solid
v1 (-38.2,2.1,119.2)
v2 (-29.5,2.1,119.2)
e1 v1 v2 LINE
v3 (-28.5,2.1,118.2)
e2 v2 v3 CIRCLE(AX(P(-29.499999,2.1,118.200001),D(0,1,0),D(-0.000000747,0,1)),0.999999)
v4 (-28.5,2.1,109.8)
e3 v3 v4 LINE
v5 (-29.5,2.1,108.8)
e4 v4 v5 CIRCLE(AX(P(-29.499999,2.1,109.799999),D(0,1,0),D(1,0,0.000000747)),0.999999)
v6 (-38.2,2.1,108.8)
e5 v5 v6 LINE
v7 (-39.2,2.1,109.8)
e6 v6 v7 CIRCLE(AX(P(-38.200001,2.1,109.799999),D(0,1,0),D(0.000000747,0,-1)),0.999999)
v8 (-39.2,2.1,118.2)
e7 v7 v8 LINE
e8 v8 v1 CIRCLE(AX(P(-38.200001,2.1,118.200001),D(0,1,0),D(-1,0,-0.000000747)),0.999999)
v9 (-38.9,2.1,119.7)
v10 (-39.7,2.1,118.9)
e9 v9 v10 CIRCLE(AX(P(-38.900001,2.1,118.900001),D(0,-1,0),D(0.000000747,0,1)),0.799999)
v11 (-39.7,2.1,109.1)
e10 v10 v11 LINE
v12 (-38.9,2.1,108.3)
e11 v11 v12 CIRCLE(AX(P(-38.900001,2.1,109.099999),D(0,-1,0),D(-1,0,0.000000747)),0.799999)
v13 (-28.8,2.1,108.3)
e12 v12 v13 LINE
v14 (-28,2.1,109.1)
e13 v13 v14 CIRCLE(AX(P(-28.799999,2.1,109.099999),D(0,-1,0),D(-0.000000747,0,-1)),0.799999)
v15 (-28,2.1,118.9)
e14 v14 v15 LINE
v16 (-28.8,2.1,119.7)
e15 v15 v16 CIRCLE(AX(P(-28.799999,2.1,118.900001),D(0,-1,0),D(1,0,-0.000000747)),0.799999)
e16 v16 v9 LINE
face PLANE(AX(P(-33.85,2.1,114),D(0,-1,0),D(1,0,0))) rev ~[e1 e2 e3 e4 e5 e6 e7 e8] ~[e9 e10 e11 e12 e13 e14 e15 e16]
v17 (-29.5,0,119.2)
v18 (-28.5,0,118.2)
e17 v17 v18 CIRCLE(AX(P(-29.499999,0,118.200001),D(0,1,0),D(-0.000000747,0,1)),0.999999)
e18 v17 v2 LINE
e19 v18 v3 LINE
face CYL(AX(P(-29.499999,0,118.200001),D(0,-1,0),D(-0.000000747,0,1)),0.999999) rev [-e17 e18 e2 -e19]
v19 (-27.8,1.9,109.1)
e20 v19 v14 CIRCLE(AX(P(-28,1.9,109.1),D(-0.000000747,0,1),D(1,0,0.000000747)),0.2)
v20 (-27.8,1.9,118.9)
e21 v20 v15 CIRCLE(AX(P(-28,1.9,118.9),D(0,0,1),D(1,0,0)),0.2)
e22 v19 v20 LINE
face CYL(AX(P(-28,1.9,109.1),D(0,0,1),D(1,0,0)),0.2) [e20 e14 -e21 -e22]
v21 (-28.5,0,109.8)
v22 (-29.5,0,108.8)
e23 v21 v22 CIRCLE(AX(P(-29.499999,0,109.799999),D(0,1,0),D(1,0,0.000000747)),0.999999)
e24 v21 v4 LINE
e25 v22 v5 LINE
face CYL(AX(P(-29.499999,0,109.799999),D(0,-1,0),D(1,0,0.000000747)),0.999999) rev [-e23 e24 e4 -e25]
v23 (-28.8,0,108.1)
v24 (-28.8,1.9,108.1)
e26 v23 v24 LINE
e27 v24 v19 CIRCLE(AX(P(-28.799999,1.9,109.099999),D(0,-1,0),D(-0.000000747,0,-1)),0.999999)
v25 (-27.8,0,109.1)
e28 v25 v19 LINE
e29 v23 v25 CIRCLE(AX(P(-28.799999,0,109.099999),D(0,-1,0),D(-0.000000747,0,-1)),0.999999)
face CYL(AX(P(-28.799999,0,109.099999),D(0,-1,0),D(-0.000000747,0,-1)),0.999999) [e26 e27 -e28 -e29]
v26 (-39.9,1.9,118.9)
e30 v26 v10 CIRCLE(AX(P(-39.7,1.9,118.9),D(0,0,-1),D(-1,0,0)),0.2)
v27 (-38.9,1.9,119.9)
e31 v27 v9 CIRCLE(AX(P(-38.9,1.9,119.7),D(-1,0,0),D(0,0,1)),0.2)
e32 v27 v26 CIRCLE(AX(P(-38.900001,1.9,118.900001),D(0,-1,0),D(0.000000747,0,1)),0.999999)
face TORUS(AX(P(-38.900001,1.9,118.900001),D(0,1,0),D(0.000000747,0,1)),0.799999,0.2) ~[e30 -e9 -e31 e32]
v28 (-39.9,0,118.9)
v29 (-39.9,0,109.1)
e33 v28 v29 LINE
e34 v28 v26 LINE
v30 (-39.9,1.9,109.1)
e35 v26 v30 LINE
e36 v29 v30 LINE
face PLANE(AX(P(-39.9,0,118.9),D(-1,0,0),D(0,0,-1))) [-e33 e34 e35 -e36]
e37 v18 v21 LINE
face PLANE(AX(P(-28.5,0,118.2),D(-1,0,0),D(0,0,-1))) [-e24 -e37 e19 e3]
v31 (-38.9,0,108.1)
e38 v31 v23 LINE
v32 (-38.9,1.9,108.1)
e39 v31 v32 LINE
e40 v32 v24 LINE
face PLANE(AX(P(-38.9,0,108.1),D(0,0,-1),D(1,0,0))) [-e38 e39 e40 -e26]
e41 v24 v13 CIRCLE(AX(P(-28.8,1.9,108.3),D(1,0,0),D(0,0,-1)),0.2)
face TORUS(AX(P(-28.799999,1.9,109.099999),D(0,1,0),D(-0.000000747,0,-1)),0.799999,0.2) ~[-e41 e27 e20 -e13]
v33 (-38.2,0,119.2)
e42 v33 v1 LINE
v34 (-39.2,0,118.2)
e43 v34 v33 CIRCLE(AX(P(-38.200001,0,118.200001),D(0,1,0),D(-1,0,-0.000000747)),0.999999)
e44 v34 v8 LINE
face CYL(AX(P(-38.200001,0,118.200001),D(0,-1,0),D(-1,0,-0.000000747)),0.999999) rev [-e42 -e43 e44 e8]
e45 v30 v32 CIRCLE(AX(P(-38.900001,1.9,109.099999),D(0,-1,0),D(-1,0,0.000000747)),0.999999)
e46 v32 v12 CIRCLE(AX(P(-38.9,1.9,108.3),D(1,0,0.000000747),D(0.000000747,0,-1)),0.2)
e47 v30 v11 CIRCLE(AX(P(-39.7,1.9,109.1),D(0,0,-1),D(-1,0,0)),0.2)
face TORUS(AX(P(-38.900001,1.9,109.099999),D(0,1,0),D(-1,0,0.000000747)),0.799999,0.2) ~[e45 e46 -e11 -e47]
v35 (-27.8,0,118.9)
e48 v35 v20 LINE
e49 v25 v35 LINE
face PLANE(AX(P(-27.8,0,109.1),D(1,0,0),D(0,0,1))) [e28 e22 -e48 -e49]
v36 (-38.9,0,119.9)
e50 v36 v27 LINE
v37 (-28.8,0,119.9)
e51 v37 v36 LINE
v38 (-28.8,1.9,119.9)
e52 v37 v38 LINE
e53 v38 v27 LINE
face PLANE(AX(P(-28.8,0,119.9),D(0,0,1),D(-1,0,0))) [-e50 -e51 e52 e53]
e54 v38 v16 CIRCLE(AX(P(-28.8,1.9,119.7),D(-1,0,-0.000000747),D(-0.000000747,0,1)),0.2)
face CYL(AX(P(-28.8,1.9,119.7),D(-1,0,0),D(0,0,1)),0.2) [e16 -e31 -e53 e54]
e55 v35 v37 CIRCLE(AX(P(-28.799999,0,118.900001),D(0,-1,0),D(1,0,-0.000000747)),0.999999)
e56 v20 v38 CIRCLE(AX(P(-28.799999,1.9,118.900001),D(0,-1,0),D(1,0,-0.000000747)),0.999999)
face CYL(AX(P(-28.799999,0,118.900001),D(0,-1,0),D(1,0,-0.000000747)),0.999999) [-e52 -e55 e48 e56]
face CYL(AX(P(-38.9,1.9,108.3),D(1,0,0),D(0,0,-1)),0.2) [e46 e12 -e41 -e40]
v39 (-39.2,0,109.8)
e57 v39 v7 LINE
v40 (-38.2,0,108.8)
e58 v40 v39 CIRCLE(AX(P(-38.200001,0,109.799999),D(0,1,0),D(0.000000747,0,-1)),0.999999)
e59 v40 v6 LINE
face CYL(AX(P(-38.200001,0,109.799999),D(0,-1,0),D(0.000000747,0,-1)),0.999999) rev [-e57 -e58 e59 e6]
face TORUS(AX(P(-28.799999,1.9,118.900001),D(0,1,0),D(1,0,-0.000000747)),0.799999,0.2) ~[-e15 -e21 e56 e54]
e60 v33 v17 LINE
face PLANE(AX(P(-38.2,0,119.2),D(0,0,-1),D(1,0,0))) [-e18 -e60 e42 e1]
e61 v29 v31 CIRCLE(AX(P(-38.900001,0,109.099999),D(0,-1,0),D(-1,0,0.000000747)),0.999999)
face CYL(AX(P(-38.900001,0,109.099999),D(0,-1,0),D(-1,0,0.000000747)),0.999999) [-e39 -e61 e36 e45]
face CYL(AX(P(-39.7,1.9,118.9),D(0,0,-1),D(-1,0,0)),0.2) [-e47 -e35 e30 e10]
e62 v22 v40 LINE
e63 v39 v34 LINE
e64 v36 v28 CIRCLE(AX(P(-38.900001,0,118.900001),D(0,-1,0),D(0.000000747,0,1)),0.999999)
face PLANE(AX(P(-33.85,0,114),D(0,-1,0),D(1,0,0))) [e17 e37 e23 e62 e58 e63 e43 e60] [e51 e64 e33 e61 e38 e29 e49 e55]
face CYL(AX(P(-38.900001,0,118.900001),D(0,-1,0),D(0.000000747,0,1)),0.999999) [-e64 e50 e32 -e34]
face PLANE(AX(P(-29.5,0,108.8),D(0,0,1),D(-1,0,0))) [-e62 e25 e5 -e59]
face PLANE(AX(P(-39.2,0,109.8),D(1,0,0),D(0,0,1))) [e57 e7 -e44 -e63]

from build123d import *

# Parameters (mm, degrees)
F1_DEPTH = 2.1
F2_R     = 0.2


with BuildPart() as f1:
    # F0 (on Front) → F1 (new body)
    with BuildSketch(Plane.XZ):
        with BuildLine():
            ThreePointArc((-27.8, 118.9), (-28.092893, 119.607107), (-28.8, 119.9))
            Line((-28.8, 119.9), (-38.9, 119.9))
            ThreePointArc((-38.9, 119.9), (-39.607107, 119.607107), (-39.9, 118.9))
            Line((-39.9, 118.9), (-39.9, 109.1))
            ThreePointArc((-39.9, 109.1), (-39.607107, 108.392893), (-38.9, 108.1))
            Line((-38.9, 108.1), (-28.8, 108.1))
            ThreePointArc((-28.8, 108.1), (-28.092893, 108.392893), (-27.8, 109.1))
            Line((-27.8, 109.1), (-27.8, 118.9))
        make_face()
        with BuildLine():
            Line((-38.2, 119.2), (-29.5, 119.2))
            ThreePointArc((-29.5, 119.2), (-28.792893, 118.907107), (-28.5, 118.2))
            Line((-28.5, 118.2), (-28.5, 109.8))
            ThreePointArc((-28.5, 109.8), (-28.792893, 109.092893), (-29.5, 108.8))
            Line((-29.5, 108.8), (-38.2, 108.8))
            ThreePointArc((-38.2, 108.8), (-38.907107, 109.092893), (-39.2, 109.8))
            Line((-39.2, 109.8), (-39.2, 118.2))
            ThreePointArc((-39.2, 118.2), (-38.907107, 118.907107), (-38.2, 119.2))
        make_face(mode=Mode.SUBTRACT)
    extrude(amount=-F1_DEPTH)

    # F2
    f2_edges = [f1.edges().sort_by_distance(p)[0] for p in [
        (-39.9, 2.1, 114),
        (-33.85, 2.1, 119.9),
        (-33.85, 2.1, 108.1),
        (-28.092893, 2.1, 108.392893),
        (-28.092893, 2.1, 119.607107),
        (-39.607107, 2.1, 119.607107),
        (-39.607107, 2.1, 108.392893),
        (-27.8, 2.1, 114),
    ]]
    fillet(f2_edges, radius=F2_R)


solid = f1.part
